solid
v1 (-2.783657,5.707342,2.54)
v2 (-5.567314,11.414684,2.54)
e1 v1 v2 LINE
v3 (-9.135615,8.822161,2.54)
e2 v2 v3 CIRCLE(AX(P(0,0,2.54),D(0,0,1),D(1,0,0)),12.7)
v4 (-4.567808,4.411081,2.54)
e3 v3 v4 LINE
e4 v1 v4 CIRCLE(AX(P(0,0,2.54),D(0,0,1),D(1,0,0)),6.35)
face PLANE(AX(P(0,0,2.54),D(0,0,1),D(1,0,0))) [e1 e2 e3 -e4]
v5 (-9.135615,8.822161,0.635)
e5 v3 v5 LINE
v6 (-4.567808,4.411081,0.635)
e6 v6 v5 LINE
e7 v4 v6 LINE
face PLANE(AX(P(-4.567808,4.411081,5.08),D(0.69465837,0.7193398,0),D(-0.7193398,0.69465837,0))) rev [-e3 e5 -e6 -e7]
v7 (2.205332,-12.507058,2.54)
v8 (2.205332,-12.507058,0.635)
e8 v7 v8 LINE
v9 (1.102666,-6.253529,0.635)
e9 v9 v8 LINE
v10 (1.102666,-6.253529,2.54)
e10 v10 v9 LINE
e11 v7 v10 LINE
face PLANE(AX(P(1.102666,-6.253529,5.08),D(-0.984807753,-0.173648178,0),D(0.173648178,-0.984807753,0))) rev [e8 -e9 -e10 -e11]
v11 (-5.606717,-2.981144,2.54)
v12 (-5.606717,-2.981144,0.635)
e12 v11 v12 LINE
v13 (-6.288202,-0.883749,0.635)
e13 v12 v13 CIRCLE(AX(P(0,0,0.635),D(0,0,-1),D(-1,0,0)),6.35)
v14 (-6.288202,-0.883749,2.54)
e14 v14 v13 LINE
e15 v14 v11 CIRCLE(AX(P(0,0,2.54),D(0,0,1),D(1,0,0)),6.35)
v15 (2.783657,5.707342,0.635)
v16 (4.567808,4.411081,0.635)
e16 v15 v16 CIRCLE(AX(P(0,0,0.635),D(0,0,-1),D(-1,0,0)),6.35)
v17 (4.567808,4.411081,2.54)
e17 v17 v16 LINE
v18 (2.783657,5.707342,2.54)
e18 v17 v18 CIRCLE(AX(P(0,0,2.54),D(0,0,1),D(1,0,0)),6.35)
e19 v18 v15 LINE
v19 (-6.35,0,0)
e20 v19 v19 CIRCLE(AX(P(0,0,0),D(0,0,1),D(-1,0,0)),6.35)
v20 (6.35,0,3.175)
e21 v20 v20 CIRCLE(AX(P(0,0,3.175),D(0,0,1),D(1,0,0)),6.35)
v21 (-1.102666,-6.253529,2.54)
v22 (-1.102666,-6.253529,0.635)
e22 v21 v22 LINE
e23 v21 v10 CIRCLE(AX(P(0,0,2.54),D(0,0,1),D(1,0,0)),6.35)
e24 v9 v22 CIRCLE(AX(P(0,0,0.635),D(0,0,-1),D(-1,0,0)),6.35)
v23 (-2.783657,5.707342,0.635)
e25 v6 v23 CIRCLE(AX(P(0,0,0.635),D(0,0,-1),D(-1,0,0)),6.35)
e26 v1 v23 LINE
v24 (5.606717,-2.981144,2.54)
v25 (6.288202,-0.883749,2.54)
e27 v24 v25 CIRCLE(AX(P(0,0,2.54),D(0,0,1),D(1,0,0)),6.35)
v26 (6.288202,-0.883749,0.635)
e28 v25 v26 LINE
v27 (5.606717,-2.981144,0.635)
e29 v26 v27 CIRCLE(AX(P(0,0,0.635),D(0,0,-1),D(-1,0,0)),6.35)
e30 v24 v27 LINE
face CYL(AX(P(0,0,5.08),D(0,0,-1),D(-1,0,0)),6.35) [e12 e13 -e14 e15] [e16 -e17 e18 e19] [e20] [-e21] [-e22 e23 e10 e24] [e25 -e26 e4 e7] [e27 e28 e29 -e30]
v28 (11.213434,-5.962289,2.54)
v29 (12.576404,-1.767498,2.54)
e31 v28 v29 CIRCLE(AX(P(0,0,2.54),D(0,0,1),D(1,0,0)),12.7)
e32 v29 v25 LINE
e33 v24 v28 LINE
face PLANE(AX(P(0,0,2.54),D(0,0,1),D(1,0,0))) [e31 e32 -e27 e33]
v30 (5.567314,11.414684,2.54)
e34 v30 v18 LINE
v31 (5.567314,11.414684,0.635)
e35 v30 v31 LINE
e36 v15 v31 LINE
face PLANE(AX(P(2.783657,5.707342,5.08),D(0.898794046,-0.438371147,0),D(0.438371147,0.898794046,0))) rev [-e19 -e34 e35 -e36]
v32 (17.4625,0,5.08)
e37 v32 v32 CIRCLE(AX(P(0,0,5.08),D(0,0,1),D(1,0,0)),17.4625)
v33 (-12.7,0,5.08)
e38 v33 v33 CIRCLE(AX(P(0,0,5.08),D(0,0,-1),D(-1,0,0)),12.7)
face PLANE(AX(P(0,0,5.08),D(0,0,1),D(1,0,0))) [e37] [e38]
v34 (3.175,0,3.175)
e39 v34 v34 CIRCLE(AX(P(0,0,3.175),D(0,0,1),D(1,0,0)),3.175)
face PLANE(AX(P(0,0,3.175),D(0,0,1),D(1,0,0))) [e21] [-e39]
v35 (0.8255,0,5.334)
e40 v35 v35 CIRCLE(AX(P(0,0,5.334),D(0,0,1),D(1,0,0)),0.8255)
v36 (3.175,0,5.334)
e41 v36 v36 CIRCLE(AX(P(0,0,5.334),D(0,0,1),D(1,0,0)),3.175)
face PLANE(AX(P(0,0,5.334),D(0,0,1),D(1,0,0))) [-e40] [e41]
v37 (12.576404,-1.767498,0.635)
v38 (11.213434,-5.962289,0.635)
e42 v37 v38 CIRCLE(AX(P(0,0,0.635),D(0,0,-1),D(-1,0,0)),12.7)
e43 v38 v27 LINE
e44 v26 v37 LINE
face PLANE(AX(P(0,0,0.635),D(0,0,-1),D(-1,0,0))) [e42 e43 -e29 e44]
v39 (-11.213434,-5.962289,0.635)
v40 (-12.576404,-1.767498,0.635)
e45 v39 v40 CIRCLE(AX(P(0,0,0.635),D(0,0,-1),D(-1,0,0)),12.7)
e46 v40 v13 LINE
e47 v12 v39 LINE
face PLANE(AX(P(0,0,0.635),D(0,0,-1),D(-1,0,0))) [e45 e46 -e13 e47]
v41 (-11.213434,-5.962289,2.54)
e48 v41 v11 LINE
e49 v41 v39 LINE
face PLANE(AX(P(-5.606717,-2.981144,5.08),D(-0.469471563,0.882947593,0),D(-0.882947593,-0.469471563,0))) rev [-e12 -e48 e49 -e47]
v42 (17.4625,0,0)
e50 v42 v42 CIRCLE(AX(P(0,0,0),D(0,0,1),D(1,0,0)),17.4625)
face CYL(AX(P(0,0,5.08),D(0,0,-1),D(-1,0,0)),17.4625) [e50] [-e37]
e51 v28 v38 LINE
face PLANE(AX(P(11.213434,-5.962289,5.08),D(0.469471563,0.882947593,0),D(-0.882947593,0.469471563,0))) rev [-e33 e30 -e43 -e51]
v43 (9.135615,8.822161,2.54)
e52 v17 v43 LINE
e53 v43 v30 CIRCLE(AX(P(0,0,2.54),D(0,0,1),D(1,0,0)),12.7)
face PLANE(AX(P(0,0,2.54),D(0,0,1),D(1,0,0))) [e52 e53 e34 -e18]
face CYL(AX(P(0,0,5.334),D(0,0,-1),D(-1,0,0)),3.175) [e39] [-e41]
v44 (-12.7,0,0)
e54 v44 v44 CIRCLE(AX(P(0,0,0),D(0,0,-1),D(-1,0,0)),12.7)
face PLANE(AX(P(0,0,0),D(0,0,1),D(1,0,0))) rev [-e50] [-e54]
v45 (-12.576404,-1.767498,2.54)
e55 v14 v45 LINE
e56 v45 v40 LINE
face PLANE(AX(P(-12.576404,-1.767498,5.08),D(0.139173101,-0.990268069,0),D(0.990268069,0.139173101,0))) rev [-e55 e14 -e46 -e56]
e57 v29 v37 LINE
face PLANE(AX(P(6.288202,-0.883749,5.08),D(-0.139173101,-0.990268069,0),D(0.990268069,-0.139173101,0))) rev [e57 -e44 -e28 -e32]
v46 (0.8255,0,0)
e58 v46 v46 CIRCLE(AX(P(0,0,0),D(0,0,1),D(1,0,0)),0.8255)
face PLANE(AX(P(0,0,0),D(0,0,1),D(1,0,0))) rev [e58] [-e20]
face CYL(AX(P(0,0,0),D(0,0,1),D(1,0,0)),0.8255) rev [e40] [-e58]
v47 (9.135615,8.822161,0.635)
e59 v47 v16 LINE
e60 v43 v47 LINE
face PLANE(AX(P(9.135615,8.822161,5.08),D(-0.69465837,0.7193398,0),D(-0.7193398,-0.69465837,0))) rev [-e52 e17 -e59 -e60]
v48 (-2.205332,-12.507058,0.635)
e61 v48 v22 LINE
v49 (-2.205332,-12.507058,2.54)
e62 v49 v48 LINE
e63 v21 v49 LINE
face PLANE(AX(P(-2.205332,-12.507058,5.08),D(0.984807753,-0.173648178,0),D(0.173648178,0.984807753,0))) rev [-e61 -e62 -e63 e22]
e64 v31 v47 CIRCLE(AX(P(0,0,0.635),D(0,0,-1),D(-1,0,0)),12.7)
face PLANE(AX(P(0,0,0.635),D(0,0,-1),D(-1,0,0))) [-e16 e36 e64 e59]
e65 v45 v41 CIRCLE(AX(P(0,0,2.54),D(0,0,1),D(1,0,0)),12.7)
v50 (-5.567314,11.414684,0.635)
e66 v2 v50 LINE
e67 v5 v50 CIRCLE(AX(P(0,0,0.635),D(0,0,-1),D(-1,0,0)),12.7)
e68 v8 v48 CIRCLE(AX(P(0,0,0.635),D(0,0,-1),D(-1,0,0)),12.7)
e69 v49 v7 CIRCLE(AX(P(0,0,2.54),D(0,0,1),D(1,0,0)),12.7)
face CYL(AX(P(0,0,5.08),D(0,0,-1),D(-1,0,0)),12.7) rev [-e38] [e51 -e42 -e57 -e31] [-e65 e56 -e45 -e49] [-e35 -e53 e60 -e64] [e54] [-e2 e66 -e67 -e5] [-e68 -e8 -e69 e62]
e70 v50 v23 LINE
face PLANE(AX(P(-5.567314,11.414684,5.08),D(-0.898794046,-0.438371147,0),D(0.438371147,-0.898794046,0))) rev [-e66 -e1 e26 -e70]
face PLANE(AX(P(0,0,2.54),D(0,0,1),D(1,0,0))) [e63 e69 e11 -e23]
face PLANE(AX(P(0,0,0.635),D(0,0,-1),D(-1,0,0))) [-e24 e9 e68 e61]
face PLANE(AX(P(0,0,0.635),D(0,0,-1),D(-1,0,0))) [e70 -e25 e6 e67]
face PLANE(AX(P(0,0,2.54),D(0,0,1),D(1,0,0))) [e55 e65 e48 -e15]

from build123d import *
from build123d.topology import SkipClean

# Parameters (mm, degrees)
SKETCH1_R           = 17.4625
BOSS_EXTRUDE1_DEPTH = 5.08
CUT_EXTRUDE1_DEPTH  = 5.08
SKETCH3_R           = 3.175
BOSS_EXTRUDE2_DEPTH = 0.254
SKETCH4_R           = 0.8255
CUT_EXTRUDE2_DEPTH  = 6.334
SKETCH5_R           = 12.7
SKETCH5_R_2         = 6.35
CUT_EXTRUDE3_DEPTH  = 2.54
SKETCH6_R           = 12.7
SKETCH6_R_2         = 6.35
CUT_EXTRUDE4_DEPTH  = 0.635
SKETCH7_R           = 6.35
SKETCH7_R_2         = 3.175
CUT_EXTRUDE5_DEPTH  = 1.905


with BuildPart() as part:
    # Sketch1 → Boss-Extrude1 (new body)
    with BuildSketch(Plane.XY):
        Circle(SKETCH1_R)
    extrude(amount=BOSS_EXTRUDE1_DEPTH)

    # Sketch2 → Cut-Extrude1 (cut)
    with BuildSketch(Plane(origin=(0, 0, 0), x_dir=(-1, 0, 0), z_dir=(0, 0, -1))):
        with BuildLine():
            Line((2.205331856, -12.507058463), (1.102665928, -6.253529232))
            ThreePointArc((1.102665928, -6.253529232), (3.732436352, -5.137257914), (5.606717215, -2.981144424))
            Line((5.606717215, -2.981144424), (11.213434429, -5.962288847))
            ThreePointArc((11.213434429, -5.962288847), (7.464872704, -10.274515829), (2.205331856, -12.507058463))
        make_face()
        with BuildLine():
            Line((-1.102665928, -6.253529232), (-2.205331856, -12.507058463))
            ThreePointArc((-2.205331856, -12.507058463), (-7.464872704, -10.274515829), (-11.213434429, -5.962288847))
            Line((-11.213434429, -5.962288847), (-5.606717215, -2.981144424))
            ThreePointArc((-5.606717215, -2.981144424), (-3.732436352, -5.137257914), (-1.102665928, -6.253529232))
        make_face()
        with BuildLine():
            Line((-6.288202237, -0.883749191), (-12.576404473, -1.767498382))
            ThreePointArc((-12.576404473, -1.767498382), (-12.078417757, 3.924515829), (-9.135615464, 8.822161305))
            Line((-9.135615464, 8.822161305), (-4.567807732, 4.411080652))
            ThreePointArc((-4.567807732, 4.411080652), (-6.039208878, 1.962257914), (-6.288202237, -0.883749191))
        make_face()
        with BuildLine():
            Line((-2.783656782, 5.707342194), (-5.567313564, 11.414684388))
            ThreePointArc((-5.567313564, 11.414684388), (0, 12.7), (5.567313564, 11.414684388))
            Line((5.567313564, 11.414684388), (2.783656782, 5.707342194))
            ThreePointArc((2.783656782, 5.707342194), (0, 6.35), (-2.783656782, 5.707342194))
        make_face()
        with BuildLine():
            Line((4.567807732, 4.411080652), (9.135615464, 8.822161305))
            ThreePointArc((9.135615464, 8.822161305), (12.078417757, 3.924515829), (12.576404473, -1.767498382))
            Line((12.576404473, -1.767498382), (6.288202237, -0.883749191))
            ThreePointArc((6.288202237, -0.883749191), (6.039208878, 1.962257914), (4.567807732, 4.411080652))
        make_face()
    extrude(amount=-CUT_EXTRUDE1_DEPTH, mode=Mode.SUBTRACT)

    # Sketch3 → Boss-Extrude2 (add)
    with BuildSketch(Plane.XY.offset(5.08)):
        Circle(SKETCH3_R)
    extrude(amount=BOSS_EXTRUDE2_DEPTH)

    # Sketch4 → Cut-Extrude2 (cut, through all)
    with BuildSketch(Plane.XY.offset(5.334)):
        Circle(SKETCH4_R)
    extrude(amount=-CUT_EXTRUDE2_DEPTH, mode=Mode.SUBTRACT)

    # Sketch5 → Cut-Extrude3 (cut)
    with BuildSketch(Plane.XY.offset(5.08)):
        with Locations(Location((0, 0, 0), (0, 0, 180))):  # turned: the seam where the file's is
            Circle(SKETCH5_R)
        with Locations(Location((0, 0, 0), (0, 0, 180))):  # turned: the seam where the file's is
            Circle(SKETCH5_R_2, mode=Mode.SUBTRACT)
    extrude(amount=-CUT_EXTRUDE3_DEPTH, mode=Mode.SUBTRACT)

    # Sketch6 → Cut-Extrude4 (cut)
    with SkipClean():  # keep this step's faces unmerged: merging them makes the solid invalid here
        with BuildSketch(Plane(origin=(0, 0, 0), x_dir=(-1, 0, 0), z_dir=(0, 0, -1))):
            Circle(SKETCH6_R)
            Circle(SKETCH6_R_2, mode=Mode.SUBTRACT)
        extrude(amount=-CUT_EXTRUDE4_DEPTH, mode=Mode.SUBTRACT)

    # Sketch7 → Cut-Extrude5 (cut)
    with SkipClean():  # keep this step's faces unmerged: merging them makes the solid invalid here
        with BuildSketch(Plane.XY.offset(5.08)):
            with Locations(Location((0, 0, 0), (0, 0, 180))):  # turned: the seam where the file's is
                Circle(SKETCH7_R)
            Circle(SKETCH7_R_2, mode=Mode.SUBTRACT)
        extrude(amount=-CUT_EXTRUDE5_DEPTH, mode=Mode.SUBTRACT)


solid = part.part
